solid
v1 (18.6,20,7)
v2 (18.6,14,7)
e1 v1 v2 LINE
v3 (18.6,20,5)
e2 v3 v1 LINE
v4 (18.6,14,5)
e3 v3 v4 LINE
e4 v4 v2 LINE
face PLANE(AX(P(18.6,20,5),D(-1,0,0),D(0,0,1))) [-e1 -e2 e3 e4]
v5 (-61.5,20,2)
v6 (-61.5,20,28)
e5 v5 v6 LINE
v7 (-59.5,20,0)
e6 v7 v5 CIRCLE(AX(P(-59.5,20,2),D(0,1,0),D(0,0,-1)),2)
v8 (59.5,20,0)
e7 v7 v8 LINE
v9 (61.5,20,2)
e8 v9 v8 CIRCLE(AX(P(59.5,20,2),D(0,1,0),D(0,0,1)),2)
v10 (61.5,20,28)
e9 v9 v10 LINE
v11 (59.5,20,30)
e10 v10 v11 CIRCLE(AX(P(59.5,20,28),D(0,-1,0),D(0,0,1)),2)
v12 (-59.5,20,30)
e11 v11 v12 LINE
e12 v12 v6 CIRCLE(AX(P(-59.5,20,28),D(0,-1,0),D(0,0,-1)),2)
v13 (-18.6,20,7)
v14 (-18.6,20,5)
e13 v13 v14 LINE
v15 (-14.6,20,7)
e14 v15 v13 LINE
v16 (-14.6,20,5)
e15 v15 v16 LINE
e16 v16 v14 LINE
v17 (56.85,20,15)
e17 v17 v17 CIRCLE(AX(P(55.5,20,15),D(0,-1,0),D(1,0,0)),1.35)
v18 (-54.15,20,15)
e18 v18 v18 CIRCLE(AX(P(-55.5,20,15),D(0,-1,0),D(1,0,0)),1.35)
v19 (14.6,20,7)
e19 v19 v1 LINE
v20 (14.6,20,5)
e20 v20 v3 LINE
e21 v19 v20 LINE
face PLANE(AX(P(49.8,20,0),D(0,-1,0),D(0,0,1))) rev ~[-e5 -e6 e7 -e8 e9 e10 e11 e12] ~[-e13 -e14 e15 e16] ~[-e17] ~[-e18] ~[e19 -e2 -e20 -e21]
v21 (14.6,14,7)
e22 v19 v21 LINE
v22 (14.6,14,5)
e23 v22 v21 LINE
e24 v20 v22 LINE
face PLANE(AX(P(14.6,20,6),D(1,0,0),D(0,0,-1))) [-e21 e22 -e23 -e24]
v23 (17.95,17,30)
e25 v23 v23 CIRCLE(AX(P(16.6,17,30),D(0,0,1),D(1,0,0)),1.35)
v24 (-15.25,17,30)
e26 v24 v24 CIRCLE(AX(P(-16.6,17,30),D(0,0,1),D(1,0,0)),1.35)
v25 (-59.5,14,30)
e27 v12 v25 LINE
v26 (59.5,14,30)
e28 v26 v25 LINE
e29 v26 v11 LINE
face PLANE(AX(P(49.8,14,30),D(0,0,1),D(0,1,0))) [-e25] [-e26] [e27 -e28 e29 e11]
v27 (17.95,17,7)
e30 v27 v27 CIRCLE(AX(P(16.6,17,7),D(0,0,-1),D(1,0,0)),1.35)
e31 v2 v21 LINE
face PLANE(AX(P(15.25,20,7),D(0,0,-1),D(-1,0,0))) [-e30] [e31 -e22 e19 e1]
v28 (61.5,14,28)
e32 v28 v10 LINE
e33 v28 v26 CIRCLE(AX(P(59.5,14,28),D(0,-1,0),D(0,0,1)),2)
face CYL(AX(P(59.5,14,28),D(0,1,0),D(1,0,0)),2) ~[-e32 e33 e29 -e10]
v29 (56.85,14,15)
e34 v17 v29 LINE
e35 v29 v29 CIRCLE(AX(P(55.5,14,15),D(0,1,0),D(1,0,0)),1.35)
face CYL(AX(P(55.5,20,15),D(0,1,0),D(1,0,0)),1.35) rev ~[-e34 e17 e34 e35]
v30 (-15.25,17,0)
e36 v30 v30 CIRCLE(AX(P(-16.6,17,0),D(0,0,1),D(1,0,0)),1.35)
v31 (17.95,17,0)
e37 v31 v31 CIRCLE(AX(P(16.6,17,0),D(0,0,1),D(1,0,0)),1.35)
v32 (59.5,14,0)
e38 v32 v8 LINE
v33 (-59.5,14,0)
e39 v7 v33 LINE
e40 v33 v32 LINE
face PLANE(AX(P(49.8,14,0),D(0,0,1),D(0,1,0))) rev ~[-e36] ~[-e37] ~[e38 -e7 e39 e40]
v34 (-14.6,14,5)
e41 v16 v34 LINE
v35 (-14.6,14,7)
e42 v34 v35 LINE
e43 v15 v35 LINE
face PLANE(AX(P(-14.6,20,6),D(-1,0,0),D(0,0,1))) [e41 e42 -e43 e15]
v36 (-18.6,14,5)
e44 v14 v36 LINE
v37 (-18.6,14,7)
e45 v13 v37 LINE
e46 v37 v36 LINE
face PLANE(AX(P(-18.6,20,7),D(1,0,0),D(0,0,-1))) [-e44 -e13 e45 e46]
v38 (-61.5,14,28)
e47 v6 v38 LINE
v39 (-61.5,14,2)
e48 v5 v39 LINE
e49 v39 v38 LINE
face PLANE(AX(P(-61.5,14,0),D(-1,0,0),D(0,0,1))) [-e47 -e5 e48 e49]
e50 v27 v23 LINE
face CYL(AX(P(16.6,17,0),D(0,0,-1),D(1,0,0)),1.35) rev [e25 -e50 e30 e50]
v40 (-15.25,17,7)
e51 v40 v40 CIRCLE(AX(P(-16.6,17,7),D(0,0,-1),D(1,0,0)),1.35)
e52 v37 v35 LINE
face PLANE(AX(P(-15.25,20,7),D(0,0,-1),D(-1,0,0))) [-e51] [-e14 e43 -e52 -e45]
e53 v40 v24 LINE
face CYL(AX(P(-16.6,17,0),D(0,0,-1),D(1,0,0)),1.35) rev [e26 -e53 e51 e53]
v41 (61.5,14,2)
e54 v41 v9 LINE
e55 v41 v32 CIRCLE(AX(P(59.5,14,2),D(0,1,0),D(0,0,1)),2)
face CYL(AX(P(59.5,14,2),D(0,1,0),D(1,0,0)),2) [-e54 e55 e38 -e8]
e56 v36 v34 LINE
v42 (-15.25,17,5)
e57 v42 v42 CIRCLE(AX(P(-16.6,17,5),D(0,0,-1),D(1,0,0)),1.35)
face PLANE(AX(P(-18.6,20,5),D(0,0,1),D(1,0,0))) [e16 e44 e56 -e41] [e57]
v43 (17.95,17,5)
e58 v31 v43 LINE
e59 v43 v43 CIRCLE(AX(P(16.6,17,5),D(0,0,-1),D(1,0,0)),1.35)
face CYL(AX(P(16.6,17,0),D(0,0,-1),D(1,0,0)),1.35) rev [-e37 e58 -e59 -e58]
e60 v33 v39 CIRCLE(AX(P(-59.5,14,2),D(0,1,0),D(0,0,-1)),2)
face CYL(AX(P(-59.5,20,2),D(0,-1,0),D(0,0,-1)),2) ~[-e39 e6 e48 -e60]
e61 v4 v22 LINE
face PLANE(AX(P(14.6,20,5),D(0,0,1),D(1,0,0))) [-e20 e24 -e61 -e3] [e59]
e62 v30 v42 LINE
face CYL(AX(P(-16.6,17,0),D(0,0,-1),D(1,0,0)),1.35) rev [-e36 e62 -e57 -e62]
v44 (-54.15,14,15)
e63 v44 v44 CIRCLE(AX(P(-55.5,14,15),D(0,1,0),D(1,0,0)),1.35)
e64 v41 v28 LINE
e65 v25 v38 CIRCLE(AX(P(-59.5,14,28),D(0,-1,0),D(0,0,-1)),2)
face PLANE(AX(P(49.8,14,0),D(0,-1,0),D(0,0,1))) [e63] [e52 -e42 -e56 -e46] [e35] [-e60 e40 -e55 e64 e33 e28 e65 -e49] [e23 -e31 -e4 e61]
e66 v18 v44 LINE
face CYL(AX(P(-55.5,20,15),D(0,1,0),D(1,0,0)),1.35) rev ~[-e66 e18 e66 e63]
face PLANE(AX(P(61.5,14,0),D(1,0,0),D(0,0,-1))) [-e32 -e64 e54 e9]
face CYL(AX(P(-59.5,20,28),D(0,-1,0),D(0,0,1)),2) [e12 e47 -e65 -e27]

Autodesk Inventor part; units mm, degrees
ref_plane "YZ Plane" through (0, 0, 0) normal (1, 0, 0) x (0, 1, 0)
ref_plane "XZ Plane" through (0, 0, 0) normal (0, 1, 0) x (-1, 0, 0)
ref_plane "XY Plane" through (0, 0, 0) normal (0, 0, 1) x (1, 0, 0)
ref_plane "작업 평면1" through (0, 0, 0) normal (0, 0, 1) x (1, 0, 0)
sketch "스케치1" plane through (0, 0, 0) normal (0, 0, 1) x (1, 0, 0)
  circle A0 centre (16.6, 17) radius 1.35 projected
  circle A1 centre (-16.6, 17) radius 1.35 projected
  line L0 (-49.8, -20) -> (49.8, -20) projected
  line L1 (49.8, -20) -> (49.8, 20) projected
  line L2 (49.8, 20) -> (-49.8, 20) projected
  line L3 (-49.8, 20) -> (-49.8, -20) projected
  circle A2 centre (40.6, -17) radius 1.35 projected
  circle A3 centre (30.7755, -17) radius 1.35 projected
  circle A4 centre (-40.6, -17) radius 1.35 projected
  circle A5 centre (-30.7755, -17) radius 1.35 projected
  line L4 (-49.8, 20) -> (-49.8, 14)
  line L5 (-49.8, 14) -> (49.8, 14)
  point P0 (0, 0)
  dimension "d0" = 6
extrude "돌출1" add sketch "스케치1" along normal blind 30 contours L3 L2 L1 L5
sketch "스케치2" plane through (-49.8, 20, 0) normal (0, 1, 0) x (1, 0, 0)
  line L0 (34.55, -30) -> (34.55, 0) projected
  line L1 (31.85, -30) -> (31.85, 0) projected
  line L2 (65.05, -30) -> (65.05, 0) projected
  line L3 (67.75, -30) -> (67.75, 0) projected
  line L4 (67.75, 0) -> (67.75, -6)
  line L5 (67.75, -6) -> (31.85, -6)
  line L6 (67.75, -6) -> (66.4, -6)
  line L7 (34.55, -6) -> (33.2, -6)
  line L8 (64.4, -5) -> (68.4, -5)
  line L9 (68.4, -5) -> (68.4, -7)
  line L10 (68.4, -7) -> (64.4, -7)
  line L11 (64.4, -7) -> (64.4, -5)
  line L12 (64.4, -5) -> (68.4, -7) construction
  line L13 (68.4, -5) -> (64.4, -7) construction
  line L14 (31.2, -5) -> (35.2, -5)
  line L15 (35.2, -5) -> (35.2, -7)
  line L16 (35.2, -7) -> (31.2, -7)
  line L17 (31.2, -7) -> (31.2, -5)
  line L18 (31.2, -5) -> (35.2, -7) construction
  line L19 (35.2, -5) -> (31.2, -7) construction
  point P0 (49.8, 0)
  point P1 (65.05, -6)
  dimension "d3" = 6
  dimension "d4" = 1.35
  dimension "d5" = 1.35
  dimension "d6" = 4
  dimension "d7" = 2
  dimension "d8" = 4
  dimension "d9" = 2
extrude "돌출2" cut sketch "스케치2" against normal up to surface (6 mm away)
sketch "스케치3" plane through (-49.8, 14, 0) normal (-1, 0, 0) x (0, 0, 1)
  line L0 (0, 6) -> (0, 0) projected
  line L1 (0, 0) -> (30, 0) projected
  line L2 (30, 6) -> (30, 0) projected
  line L3 (0, 6) -> (30, 6) projected
  point P0 (0, -14)
extrude "돌출3" add sketch "스케치3" along normal blind 11.7
sketch "스케치4" plane through (49.8, 14, 0) normal (1, 0, 0) x (0, 0, -1)
  line L0 (0, 0) -> (0, 6) projected
  line L1 (0, 6) -> (-30, 6) projected
  line L2 (-30, 0) -> (-30, 6) projected
  line L3 (0, 0) -> (-30, 0) projected
  point P0 (0, -14)
extrude "돌출4" add sketch "스케치4" along normal blind 11.7
sketch "스케치5" plane through (-61.5, 20, 30) normal (0, 1, 0) x (1, 0, 0)
  line L0 (42.9, 25) -> (46.9, 25) projected
  line L1 (46.9, 25) -> (46.9, 23) projected
  line L2 (46.9, 23) -> (42.9, 23) projected
  line L3 (42.9, 23) -> (42.9, 25) projected
  line L4 (80.1, 25) -> (80.1, 23) projected
  line L5 (80.1, 23) -> (76.1, 23) projected
  line L6 (76.1, 23) -> (76.1, 25) projected
  line L7 (76.1, 25) -> (80.1, 25) projected
  line L8 (0, 30) -> (123, 30) projected
  line L9 (0, 0) -> (0, 30) projected
  line L10 (0, 0) -> (123, 0) projected
  line L11 (123, 30) -> (123, 0) projected
  line L12 (0, 30) -> (3, 30)
  line L13 (3, 30) -> (3, 0)
  line L14 (123, 30) -> (120, 30)
  line L15 (120, 30) -> (120, 0)
  line L16 (0, 15) -> (123, 15)
  line L17 (3, 15) -> (3, 11)
  line L18 (3, 11) -> (123, 11)
  line L19 (3, 11) -> (3, 19)
  line L20 (3, 19) -> (9, 19)
  line L21 (9, 19) -> (9, 11)
  line L22 (9, 11) -> (3, 11)
  line L23 (120, 11) -> (120, 19)
  line L24 (120, 19) -> (114, 19)
  line L25 (114, 19) -> (114, 11)
  line L26 (114, 11) -> (120, 11)
  line L27 (3, 19) -> (9, 11)
  line L28 (3, 11) -> (9, 19)
  line L29 (114, 19) -> (120, 11)
  line L30 (114, 11) -> (120, 19)
  circle A0 centre (6, 15) radius 1.35
  circle A1 centre (117, 15) radius 1.35
  point P0 (61.5, 30)
  point P1 (120, 15)
  point P2 (9, 11)
  dimension "d16" = 3
  dimension "d17" = 3
  dimension "d18" = 4
  dimension "d19" = 8
  dimension "d20" = 6
  dimension "d21" = 6
  dimension "d24" = 2.7
  dimension "d25" = 2.7
extrude "돌출6" cut sketch "스케치5" against normal up to surface (6 mm away) contours A0 L28 L27 | L27 L16 A0 | L16 L28 A0 | A1 L16 L30 | L30 L29 A1 | A0 L16 L28 | L16 A0 L27 | L27 A0 L28 | A1 L29 L16 | L29 L16 A1 | L30 A1 L16 | L29 A1 L30
fillet "모깎기1" radius 2 4 edges at (61.5, 17, 30) (61.5, 17, 0) (-61.5, 17, 0) (-61.5, 17, 30)
properties part number "_battery_adt_2_"
